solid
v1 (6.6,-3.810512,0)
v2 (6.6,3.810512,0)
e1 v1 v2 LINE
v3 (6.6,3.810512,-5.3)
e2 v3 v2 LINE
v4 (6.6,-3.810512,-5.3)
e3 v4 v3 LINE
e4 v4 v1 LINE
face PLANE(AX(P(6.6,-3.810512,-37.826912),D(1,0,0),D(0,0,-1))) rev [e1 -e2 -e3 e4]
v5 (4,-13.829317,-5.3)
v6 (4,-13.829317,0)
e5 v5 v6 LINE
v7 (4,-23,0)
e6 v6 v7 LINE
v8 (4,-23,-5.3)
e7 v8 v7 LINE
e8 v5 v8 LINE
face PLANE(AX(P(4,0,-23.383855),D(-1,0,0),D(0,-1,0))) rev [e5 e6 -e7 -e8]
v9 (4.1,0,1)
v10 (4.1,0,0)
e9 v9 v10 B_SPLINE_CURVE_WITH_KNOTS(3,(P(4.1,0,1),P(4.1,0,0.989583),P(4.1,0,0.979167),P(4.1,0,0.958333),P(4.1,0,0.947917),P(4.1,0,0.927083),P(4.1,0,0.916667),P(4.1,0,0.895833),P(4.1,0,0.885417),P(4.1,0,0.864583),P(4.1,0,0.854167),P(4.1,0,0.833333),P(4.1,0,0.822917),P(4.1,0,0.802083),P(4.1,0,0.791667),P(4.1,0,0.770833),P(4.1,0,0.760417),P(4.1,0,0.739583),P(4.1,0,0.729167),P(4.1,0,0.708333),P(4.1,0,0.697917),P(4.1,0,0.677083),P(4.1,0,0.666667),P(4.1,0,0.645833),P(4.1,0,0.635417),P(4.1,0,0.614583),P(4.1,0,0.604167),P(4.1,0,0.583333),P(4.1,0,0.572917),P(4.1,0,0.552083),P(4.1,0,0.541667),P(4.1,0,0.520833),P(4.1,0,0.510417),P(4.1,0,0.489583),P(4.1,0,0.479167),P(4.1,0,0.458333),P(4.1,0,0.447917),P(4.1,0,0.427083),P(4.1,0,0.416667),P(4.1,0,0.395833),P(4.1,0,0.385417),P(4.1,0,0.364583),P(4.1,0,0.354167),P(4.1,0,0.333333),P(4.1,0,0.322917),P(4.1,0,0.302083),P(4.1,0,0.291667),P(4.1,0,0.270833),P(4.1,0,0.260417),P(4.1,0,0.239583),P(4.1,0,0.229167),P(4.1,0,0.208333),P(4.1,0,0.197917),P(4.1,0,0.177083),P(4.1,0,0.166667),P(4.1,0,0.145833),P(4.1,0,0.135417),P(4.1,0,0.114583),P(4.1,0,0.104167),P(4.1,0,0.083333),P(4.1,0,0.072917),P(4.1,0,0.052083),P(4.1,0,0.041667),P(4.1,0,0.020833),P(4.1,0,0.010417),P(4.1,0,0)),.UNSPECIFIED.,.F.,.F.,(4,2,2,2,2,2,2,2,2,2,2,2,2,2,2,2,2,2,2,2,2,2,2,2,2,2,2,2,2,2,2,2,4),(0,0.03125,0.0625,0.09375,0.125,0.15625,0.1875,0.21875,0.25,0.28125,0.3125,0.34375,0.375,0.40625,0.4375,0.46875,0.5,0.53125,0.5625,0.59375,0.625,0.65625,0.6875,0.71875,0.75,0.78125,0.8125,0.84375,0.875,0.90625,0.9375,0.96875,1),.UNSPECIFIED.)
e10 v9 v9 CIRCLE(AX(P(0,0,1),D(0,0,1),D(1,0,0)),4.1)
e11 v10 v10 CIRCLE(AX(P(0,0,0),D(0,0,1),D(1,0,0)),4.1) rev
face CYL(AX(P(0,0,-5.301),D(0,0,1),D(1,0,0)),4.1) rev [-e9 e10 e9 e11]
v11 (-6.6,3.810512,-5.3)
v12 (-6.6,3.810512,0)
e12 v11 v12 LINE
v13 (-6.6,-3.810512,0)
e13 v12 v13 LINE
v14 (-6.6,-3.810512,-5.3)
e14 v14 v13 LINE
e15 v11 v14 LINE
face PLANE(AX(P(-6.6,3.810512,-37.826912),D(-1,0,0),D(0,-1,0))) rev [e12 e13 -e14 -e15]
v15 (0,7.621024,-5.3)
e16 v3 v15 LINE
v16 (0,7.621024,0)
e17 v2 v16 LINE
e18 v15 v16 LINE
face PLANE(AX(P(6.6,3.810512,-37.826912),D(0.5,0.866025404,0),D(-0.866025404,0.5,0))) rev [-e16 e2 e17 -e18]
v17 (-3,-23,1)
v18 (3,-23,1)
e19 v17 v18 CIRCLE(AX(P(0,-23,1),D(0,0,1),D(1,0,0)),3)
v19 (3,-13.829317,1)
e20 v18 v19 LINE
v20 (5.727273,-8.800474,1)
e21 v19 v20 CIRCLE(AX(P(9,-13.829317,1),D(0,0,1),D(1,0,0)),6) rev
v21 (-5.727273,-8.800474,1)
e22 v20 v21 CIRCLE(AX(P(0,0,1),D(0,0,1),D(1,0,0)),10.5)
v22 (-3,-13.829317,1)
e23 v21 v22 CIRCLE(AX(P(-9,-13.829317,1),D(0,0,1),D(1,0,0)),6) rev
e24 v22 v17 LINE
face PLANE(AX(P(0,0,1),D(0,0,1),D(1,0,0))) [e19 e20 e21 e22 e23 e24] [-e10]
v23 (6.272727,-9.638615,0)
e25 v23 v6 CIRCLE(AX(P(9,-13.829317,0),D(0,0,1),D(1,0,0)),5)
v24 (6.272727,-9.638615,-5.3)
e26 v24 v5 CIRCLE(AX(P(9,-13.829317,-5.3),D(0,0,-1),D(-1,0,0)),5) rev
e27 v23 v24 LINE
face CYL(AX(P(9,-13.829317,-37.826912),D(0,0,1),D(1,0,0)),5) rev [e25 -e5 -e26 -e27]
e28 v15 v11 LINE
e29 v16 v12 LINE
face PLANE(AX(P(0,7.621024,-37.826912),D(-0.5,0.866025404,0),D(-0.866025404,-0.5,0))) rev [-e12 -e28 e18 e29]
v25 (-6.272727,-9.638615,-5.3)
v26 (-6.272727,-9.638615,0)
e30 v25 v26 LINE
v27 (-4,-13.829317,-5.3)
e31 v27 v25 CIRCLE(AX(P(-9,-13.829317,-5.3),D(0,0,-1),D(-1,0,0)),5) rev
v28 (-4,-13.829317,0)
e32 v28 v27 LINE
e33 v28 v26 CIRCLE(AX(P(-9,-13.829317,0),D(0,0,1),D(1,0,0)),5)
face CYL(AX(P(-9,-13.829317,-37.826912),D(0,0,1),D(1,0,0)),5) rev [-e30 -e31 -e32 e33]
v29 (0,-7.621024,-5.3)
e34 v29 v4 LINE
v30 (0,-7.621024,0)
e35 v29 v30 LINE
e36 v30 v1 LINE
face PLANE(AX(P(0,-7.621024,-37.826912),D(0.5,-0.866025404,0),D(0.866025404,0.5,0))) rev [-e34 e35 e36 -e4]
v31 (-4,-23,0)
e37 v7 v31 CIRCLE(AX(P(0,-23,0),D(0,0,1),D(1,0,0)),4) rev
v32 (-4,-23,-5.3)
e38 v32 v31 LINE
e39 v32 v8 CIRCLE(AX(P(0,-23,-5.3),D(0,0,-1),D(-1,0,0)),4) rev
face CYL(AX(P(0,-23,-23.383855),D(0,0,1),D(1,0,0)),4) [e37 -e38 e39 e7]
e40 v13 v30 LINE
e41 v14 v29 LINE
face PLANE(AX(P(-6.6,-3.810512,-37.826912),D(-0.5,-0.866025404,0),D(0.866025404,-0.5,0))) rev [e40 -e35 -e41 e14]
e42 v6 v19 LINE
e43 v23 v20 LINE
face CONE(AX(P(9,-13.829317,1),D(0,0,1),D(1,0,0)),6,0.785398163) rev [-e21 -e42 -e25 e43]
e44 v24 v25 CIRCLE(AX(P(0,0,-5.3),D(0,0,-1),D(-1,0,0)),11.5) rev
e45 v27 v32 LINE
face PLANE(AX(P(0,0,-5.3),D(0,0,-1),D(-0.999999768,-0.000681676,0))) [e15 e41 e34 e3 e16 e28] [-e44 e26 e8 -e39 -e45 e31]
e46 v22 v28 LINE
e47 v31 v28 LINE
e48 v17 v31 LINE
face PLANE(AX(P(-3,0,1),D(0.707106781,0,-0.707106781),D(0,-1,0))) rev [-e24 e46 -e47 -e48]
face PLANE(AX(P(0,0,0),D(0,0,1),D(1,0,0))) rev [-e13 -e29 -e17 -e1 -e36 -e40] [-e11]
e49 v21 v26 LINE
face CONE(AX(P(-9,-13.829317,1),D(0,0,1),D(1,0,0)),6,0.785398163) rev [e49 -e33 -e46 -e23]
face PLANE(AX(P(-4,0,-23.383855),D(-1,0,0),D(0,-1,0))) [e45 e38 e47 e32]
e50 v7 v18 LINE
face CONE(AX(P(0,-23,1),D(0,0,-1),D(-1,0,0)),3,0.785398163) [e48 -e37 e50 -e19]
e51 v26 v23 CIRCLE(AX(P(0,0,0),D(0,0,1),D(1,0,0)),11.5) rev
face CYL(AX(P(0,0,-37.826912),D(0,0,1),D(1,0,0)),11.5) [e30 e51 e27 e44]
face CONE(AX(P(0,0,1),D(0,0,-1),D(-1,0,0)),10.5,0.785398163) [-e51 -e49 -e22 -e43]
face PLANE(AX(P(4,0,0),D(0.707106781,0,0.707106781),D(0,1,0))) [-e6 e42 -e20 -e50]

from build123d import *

# Parameters (mm, degrees)
SKETCH1_R           = 11.5
BOSS_EXTRUDE1_DEPTH = 5.3
BOSS_EXTRUDE2_START = 1
SKETCH2_R           = 11.5
BOSS_EXTRUDE2_DEPTH = 1
BOSS_EXTRUDE3_DEPTH = 6.3
FILLET1_R           = 5
CHAMFER1_SIZE       = 1
CUT_EXTRUDE1_REACH  = 32.016
SKETCH4_R           = 4.1


with BuildPart() as part:
    # Sketch1 → Boss-Extrude1 (new body)
    with BuildSketch(Plane.XY):
        Circle(SKETCH1_R)
        Polygon((0, 7.621023553), (-6.6, 3.810511777), (-6.6, -3.810511777), (0, -7.621023553), (6.6, -3.810511777), (6.6, 3.810511777), align=None, mode=Mode.SUBTRACT)
    extrude(amount=-BOSS_EXTRUDE1_DEPTH)

    # Sketch2 → Boss-Extrude2 (add)
    with BuildSketch(Plane.XY.offset(BOSS_EXTRUDE2_START)):
        Circle(SKETCH2_R)
    extrude(amount=-BOSS_EXTRUDE2_DEPTH)

    # Sketch3 → Boss-Extrude3 (add)
    with BuildSketch(Plane.XY.offset(1)):
        with BuildLine():
            Line((4, -23), (4, -10.781929326))
            ThreePointArc((4, -10.781929326), (0, -11.5), (-4, -10.781929326))
            Line((-4, -10.781929326), (-4, -23))
            ThreePointArc((-4, -23), (0, -27), (4, -23))
        make_face()
    extrude(amount=-BOSS_EXTRUDE3_DEPTH)

    # Fillet1
    fillet1_edges = [part.edges().sort_by_distance(p)[0] for p in [
        (4, -10.781929326, -2.15),
        (-4, -10.781929326, -2.15),
    ]]
    fillet(fillet1_edges, radius=FILLET1_R)

    # Chamfer1
    chamfer1_edges = [part.edges().sort_by_distance(p)[0] for p in [
        (0, -27, 1),
        (0, 11.5, 1),
        (-4, -18.414658343, 1),
        (4, -18.414658343, 1),
        (-4.604754635, -11.445660213, 1),
        (4.604754635, -11.445660213, 1),
    ]]
    chamfer(chamfer1_edges, length=CHAMFER1_SIZE)

    # Sketch4 → Cut-Extrude1 (cut, up to next)
    with BuildSketch(Plane.XY.offset(1), mode=Mode.PRIVATE) as cut_extrude1_sk1:
        Circle(SKETCH4_R)
    cut_extrude1_tool1 = extrude(cut_extrude1_sk1.sketch, amount=-CUT_EXTRUDE1_REACH, mode=Mode.PRIVATE) & part.part
    add(cut_extrude1_tool1.solids().sort_by_distance((0, 0, 1))[0], mode=Mode.SUBTRACT)


solid = part.part
